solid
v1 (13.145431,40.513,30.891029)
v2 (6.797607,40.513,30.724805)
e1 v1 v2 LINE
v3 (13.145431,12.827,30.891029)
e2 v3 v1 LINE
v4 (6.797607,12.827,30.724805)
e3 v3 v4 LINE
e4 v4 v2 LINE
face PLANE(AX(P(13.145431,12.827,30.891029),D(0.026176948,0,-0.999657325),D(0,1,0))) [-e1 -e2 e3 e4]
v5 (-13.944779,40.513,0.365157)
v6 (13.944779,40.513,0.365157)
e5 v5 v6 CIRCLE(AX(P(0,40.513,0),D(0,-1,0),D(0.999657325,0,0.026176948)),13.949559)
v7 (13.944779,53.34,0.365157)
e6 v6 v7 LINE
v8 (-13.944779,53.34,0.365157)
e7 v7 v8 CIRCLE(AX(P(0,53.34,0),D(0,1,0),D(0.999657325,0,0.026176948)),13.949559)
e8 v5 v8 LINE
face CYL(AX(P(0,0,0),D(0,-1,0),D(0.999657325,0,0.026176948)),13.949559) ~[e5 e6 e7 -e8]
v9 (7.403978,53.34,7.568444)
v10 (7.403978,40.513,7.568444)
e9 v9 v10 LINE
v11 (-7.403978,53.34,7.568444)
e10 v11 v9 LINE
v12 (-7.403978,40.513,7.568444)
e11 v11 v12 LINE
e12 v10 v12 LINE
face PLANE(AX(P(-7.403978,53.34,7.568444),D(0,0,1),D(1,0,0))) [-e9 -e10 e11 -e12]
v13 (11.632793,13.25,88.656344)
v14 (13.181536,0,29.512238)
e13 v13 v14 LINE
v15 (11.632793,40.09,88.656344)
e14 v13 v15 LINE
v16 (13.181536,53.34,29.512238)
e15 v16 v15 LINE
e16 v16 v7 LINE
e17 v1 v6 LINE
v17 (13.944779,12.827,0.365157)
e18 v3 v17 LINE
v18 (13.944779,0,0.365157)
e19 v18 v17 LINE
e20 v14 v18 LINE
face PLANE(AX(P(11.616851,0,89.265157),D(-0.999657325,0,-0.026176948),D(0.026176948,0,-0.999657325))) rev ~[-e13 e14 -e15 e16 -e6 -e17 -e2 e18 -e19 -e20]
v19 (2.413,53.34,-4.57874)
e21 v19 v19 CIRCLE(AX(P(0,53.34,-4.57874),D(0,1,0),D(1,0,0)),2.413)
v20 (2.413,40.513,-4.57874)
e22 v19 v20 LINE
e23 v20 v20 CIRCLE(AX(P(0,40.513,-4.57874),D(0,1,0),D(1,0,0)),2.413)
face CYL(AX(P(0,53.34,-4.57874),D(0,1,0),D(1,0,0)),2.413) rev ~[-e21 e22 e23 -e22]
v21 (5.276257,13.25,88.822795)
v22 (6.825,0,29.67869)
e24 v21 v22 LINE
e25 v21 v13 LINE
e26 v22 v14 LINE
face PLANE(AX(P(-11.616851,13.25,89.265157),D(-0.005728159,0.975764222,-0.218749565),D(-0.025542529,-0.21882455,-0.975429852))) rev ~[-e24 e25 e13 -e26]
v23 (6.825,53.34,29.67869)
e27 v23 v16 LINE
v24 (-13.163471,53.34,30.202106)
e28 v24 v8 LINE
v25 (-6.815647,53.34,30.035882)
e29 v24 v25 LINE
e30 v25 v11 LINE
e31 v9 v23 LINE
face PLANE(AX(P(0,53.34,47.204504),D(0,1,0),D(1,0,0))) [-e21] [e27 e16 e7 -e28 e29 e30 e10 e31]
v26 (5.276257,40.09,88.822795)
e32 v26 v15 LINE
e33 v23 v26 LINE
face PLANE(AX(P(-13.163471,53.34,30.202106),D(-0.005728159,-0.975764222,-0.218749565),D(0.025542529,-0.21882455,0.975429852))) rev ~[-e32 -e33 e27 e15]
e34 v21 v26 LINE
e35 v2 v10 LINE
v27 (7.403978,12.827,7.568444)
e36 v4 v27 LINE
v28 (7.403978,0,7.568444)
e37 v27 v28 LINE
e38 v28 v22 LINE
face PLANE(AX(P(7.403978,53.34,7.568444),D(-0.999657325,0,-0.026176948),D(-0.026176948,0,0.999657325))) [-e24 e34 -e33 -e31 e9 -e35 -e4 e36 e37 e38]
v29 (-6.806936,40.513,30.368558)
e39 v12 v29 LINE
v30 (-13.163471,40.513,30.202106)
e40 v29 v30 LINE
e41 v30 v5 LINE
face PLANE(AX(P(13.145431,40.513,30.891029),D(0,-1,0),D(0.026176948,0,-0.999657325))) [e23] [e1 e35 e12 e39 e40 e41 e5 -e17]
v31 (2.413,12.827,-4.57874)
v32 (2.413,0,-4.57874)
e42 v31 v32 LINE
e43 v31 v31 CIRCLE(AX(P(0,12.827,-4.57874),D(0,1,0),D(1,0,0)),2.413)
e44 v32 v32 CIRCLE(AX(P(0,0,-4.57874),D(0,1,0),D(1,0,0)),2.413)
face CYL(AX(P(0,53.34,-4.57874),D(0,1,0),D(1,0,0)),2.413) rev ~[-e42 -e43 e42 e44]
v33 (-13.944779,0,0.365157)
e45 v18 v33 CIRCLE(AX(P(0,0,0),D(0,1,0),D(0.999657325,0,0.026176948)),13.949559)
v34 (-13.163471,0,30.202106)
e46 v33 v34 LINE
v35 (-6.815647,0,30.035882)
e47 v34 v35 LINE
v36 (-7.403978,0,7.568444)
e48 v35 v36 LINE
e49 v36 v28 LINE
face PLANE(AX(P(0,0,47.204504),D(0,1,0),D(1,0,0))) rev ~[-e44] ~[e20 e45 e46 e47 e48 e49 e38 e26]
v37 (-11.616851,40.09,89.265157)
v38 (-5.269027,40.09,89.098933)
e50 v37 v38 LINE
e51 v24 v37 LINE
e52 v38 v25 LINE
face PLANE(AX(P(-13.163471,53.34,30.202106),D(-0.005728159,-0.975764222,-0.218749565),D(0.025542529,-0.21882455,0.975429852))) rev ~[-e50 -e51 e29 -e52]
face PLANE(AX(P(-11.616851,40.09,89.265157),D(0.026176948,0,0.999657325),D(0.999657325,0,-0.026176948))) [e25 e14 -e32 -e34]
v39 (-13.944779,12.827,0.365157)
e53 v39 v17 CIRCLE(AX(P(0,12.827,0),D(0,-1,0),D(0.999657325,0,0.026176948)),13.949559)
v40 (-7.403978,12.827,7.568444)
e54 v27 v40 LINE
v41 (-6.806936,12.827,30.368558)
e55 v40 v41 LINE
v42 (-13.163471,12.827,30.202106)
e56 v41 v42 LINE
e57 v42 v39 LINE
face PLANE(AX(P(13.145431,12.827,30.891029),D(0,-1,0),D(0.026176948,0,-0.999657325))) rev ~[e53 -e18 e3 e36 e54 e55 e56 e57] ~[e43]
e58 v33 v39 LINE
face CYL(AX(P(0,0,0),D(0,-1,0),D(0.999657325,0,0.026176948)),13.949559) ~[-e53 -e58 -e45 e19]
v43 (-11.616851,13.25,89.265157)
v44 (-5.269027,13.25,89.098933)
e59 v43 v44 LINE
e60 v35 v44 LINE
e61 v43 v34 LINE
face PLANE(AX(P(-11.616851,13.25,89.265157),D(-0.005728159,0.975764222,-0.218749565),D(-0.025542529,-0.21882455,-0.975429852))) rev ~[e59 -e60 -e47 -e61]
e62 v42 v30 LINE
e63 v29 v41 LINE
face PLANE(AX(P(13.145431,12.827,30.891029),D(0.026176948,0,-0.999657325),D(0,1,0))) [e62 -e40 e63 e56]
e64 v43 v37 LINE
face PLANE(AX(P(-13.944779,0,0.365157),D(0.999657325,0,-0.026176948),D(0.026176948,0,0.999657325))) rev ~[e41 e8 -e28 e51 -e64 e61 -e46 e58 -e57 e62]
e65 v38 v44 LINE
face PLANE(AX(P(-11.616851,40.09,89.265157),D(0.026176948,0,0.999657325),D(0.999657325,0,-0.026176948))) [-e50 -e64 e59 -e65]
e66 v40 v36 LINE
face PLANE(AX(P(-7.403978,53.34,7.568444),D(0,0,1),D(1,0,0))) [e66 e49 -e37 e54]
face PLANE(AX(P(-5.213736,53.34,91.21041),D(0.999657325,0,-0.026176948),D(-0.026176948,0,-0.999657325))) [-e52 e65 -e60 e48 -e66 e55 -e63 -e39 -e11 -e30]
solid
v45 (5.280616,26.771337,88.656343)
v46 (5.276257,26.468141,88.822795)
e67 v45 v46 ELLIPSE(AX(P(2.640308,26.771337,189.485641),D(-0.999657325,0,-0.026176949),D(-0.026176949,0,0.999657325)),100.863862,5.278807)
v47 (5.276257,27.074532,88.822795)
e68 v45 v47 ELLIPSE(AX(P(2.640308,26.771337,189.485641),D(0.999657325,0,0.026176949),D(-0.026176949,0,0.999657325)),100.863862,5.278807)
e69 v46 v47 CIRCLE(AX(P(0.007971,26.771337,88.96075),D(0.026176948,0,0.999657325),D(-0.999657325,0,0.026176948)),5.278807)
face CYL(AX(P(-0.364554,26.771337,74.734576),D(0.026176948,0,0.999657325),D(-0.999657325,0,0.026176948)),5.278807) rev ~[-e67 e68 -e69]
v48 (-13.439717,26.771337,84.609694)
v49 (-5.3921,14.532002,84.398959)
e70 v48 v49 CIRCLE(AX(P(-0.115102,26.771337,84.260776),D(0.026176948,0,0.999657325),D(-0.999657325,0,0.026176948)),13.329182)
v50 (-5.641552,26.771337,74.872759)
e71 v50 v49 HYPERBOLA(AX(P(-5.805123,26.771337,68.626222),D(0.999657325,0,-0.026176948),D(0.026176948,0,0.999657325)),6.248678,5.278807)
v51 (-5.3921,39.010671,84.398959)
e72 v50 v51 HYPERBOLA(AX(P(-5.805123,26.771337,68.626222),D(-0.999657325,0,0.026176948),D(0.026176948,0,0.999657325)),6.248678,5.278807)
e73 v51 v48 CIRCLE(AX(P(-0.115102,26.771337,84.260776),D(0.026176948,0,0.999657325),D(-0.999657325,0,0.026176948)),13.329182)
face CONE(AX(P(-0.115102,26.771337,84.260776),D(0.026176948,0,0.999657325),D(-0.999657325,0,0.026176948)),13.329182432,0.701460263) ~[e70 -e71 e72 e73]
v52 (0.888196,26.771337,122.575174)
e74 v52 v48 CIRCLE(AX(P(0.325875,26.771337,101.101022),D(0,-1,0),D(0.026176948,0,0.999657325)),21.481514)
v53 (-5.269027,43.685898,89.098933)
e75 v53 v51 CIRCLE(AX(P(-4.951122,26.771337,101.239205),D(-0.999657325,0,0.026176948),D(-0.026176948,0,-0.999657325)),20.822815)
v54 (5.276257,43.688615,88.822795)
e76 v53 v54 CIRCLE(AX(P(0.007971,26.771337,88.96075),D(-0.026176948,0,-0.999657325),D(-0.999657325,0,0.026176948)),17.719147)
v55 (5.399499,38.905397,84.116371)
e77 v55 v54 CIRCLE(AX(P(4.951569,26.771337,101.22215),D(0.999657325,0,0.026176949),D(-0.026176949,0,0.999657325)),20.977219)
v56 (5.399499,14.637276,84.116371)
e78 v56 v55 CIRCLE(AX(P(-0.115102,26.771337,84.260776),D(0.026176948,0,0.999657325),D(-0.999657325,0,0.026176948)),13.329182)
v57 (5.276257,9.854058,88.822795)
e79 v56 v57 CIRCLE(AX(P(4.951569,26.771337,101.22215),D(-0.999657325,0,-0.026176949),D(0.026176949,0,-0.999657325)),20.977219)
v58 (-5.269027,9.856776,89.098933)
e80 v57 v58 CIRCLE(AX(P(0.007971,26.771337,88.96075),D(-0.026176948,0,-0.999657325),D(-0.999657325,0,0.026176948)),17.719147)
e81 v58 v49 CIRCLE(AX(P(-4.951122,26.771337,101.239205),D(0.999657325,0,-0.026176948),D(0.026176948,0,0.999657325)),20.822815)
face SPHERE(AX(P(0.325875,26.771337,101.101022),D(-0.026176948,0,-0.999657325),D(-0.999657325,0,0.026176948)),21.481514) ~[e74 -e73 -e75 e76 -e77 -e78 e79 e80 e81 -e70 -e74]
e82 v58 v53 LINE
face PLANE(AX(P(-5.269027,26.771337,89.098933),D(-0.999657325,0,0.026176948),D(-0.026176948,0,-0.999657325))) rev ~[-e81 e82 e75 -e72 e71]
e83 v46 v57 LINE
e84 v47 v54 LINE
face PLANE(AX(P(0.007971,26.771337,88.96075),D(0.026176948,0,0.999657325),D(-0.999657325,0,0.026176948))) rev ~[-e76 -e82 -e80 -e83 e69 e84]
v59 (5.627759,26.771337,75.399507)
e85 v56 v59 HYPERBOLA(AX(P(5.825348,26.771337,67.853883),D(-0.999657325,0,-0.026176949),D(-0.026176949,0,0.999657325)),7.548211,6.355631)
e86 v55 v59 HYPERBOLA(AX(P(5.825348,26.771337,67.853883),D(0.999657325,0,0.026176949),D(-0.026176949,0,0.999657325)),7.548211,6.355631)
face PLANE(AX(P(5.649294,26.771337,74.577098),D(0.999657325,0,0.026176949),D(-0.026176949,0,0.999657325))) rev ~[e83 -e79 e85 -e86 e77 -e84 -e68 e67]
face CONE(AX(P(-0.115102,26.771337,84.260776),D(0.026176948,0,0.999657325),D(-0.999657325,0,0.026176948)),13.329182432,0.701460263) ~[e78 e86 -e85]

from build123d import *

# Parameters (mm, degrees)
BOSS_EXTRUDE1_DEPTH      = 53.34
SKETCH4_W                = 61.072672184
SKETCH4_H                = 27.686
CUT_EXTRUDE3_DEPTH       = 125.557157077
SKETCH5_OUTSIDE_W        = 57.352
SKETCH5_OUTSIDE_H        = 152.814
CUT_EXTRUDE5_DEPTH       = 123.51837945
SKETCH6_R                = 2.413
CUT_EXTRUDE6_DEPTH       = 123.51837945
CUT_EXTRUDE8_DEPTH       = 100
CUT_EXTRUDE8_DEPTH_BACK  = 100
CUT_EXTRUDE9_DEPTH       = 100
CUT_EXTRUDE10_DEPTH      = 128.352835601
CUT_EXTRUDE10_DEPTH_BACK = 128.352835601


with BuildPart() as part:
    # Sketch1 → Boss-Extrude1 (new body)
    with BuildSketch(Plane(origin=(0, 0, 0), x_dir=(1, 0, 0), z_dir=(0, 1, 0))):
        with BuildLine():
            Line((-13.944778991, -0.365156889), (-11.616850564, -89.265156889))
            ThreePointArc((-11.616850564, -89.265156889), (0, -109.412099434), (11.616850564, -89.265156889))
            Line((11.616850564, -89.265156889), (13.944778991, -0.365156889))
            ThreePointArc((13.944778991, -0.365156889), (0, 13.949559157), (-13.944778991, -0.365156889))
        make_face()
    extrude(amount=BOSS_EXTRUDE1_DEPTH)

    # Sketch4 → Cut-Extrude3 (cut, through all)
    with BuildSketch(Plane(origin=(13.944778991, 0, 0.365156889), x_dir=(0.026176948307873094, 0, -0.9996573249755574), z_dir=(0.9996573249755573, 0, 0.02617694830787309))):
        with Locations((0, 26.67)):
            Rectangle(SKETCH4_W, SKETCH4_H)
    extrude(amount=-CUT_EXTRUDE3_DEPTH, mode=Mode.SUBTRACT)

    # Sketch5 outside → Cut-Extrude5 (cut, through all)
    # profile 1 of 2: a face of its own
    with BuildSketch(Plane(origin=(0, 53.34, 0), x_dir=(1, 0, 0), z_dir=(0, 1, 0))):
        with Locations((0, -47.731)):
            Rectangle(SKETCH5_OUTSIDE_W, SKETCH5_OUTSIDE_H)
        with BuildLine():
            Line((-13.944778991, -0.365156889), (-11.616850564, -89.265156889))
            ThreePointArc((-11.616850564, -89.265156889), (0, -109.412099434), (11.616850564, -89.265156889))
            Line((11.616850564, -89.265156889), (13.944778991, -0.365156889))
            ThreePointArc((13.944778991, -0.365156889), (0, 13.949559157), (-13.944778991, -0.365156889))
        make_face(mode=Mode.SUBTRACT)
    # profile 2 of 2: a face of its own
    with BuildSketch(Plane(origin=(0, 53.34, 0), x_dir=(1, 0, 0), z_dir=(0, 1, 0))):
        with BuildLine():
            Line((7.403977553, -7.568443783), (5.213735587, -91.210409969))
            ThreePointArc((5.213735587, -91.210409969), (0, -105.33899845), (-5.213735587, -91.210409969))
            Line((-5.213735587, -91.210409969), (-7.403977553, -7.568443783))
            Line((-7.403977553, -7.568443783), (7.403977553, -7.568443783))
        make_face()
    extrude(amount=-CUT_EXTRUDE5_DEPTH, mode=Mode.SUBTRACT)

    # Sketch6 → Cut-Extrude6 (cut, through all)
    with BuildSketch(Plane(origin=(0, 53.34, 0), x_dir=(1, 0, 0), z_dir=(0, 1, 0))):
        with Locations((0, 4.57874024)):
            Circle(SKETCH6_R)
    extrude(amount=-CUT_EXTRUDE6_DEPTH, mode=Mode.SUBTRACT)

    # Sketch7 → Cut-Extrude8 (cut, two sides: drawn at the far end of the back side and taken through both)
    with BuildSketch(Plane(origin=(-13.944778991, 0, 0.365156889), x_dir=(0.02617694830787368, 0, 0.9996573249755574), z_dir=(-0.9996573249755574, 0, 0.02617694830787368)).offset(-CUT_EXTRUDE8_DEPTH_BACK)):
        Polygon((138.702727396, 53.34), (29.847177093, 53.34), (88.930474252, 40.09), (115.196693912, 40.09), (115.196693912, 13.25), (88.930474252, 13.25), (29.847177093, 0), (138.702727396, 0), align=None)
    extrude(amount=CUT_EXTRUDE8_DEPTH + CUT_EXTRUDE8_DEPTH_BACK, mode=Mode.SUBTRACT)

    # Sketch8 → Cut-Extrude9 (cut)
    with BuildSketch(Plane(origin=(0, 40.09, 0), x_dir=(1, 0, 0), z_dir=(0, 1, 0))):
        Polygon((-11.616850564, -89.265156889), (19.748470708, -88.443827046), (21.136276119, -119.73242467), (-27.769338844, -116.21935592), (-20.465853811, -89.265156889), align=None)
    extrude(amount=-CUT_EXTRUDE9_DEPTH, mode=Mode.SUBTRACT)


with BuildPart() as body_2:
    # Sketch14 → Revolve2 (revolve)
    with BuildSketch(Plane(origin=(0, 26.771336555, 0), x_dir=(-0.9996573249755574, 0, 0.02617694830787441), z_dir=(0, 1, 0))):
        with BuildLine():
            Line((7.599559157, 88.930474252), (2.320752522, 88.930474252))
            Line((2.320752522, 88.930474252), (2.320752522, 122.556421305))
            ThreePointArc((2.320752522, 122.556421305), (22.610323818, 108.131020534), (15.64993494, 84.228889302))
            Line((15.64993494, 84.228889302), (7.599559157, 74.699423181))
            Line((7.599559157, 74.699423181), (7.599559157, 88.930474252))
        make_face()
    revolve(axis=Axis((-1.162589714, 26.771336555, 44.258833564), (0.026176948307875366, 0, 0.9996573249755573)))

    # Sketch21 → Cut-Extrude10 (cut, two sides: drawn at the far end of the back side and taken through both)
    with BuildSketch(Plane(origin=(0, 26.771336555, 0), x_dir=(-0.9996573249755574, 0, 0.02617694830787441), z_dir=(0, 1, 0)).offset(-CUT_EXTRUDE10_DEPTH_BACK)):
        Polygon((7.599559157, 74.699423181), (-3.695157498, 74.699423181), (-2.949339715, 88.930474252), (7.599559157, 88.930474252), align=None)
    extrude(amount=CUT_EXTRUDE10_DEPTH + CUT_EXTRUDE10_DEPTH_BACK, mode=Mode.SUBTRACT)


solid = Compound([part.part, body_2.part])
